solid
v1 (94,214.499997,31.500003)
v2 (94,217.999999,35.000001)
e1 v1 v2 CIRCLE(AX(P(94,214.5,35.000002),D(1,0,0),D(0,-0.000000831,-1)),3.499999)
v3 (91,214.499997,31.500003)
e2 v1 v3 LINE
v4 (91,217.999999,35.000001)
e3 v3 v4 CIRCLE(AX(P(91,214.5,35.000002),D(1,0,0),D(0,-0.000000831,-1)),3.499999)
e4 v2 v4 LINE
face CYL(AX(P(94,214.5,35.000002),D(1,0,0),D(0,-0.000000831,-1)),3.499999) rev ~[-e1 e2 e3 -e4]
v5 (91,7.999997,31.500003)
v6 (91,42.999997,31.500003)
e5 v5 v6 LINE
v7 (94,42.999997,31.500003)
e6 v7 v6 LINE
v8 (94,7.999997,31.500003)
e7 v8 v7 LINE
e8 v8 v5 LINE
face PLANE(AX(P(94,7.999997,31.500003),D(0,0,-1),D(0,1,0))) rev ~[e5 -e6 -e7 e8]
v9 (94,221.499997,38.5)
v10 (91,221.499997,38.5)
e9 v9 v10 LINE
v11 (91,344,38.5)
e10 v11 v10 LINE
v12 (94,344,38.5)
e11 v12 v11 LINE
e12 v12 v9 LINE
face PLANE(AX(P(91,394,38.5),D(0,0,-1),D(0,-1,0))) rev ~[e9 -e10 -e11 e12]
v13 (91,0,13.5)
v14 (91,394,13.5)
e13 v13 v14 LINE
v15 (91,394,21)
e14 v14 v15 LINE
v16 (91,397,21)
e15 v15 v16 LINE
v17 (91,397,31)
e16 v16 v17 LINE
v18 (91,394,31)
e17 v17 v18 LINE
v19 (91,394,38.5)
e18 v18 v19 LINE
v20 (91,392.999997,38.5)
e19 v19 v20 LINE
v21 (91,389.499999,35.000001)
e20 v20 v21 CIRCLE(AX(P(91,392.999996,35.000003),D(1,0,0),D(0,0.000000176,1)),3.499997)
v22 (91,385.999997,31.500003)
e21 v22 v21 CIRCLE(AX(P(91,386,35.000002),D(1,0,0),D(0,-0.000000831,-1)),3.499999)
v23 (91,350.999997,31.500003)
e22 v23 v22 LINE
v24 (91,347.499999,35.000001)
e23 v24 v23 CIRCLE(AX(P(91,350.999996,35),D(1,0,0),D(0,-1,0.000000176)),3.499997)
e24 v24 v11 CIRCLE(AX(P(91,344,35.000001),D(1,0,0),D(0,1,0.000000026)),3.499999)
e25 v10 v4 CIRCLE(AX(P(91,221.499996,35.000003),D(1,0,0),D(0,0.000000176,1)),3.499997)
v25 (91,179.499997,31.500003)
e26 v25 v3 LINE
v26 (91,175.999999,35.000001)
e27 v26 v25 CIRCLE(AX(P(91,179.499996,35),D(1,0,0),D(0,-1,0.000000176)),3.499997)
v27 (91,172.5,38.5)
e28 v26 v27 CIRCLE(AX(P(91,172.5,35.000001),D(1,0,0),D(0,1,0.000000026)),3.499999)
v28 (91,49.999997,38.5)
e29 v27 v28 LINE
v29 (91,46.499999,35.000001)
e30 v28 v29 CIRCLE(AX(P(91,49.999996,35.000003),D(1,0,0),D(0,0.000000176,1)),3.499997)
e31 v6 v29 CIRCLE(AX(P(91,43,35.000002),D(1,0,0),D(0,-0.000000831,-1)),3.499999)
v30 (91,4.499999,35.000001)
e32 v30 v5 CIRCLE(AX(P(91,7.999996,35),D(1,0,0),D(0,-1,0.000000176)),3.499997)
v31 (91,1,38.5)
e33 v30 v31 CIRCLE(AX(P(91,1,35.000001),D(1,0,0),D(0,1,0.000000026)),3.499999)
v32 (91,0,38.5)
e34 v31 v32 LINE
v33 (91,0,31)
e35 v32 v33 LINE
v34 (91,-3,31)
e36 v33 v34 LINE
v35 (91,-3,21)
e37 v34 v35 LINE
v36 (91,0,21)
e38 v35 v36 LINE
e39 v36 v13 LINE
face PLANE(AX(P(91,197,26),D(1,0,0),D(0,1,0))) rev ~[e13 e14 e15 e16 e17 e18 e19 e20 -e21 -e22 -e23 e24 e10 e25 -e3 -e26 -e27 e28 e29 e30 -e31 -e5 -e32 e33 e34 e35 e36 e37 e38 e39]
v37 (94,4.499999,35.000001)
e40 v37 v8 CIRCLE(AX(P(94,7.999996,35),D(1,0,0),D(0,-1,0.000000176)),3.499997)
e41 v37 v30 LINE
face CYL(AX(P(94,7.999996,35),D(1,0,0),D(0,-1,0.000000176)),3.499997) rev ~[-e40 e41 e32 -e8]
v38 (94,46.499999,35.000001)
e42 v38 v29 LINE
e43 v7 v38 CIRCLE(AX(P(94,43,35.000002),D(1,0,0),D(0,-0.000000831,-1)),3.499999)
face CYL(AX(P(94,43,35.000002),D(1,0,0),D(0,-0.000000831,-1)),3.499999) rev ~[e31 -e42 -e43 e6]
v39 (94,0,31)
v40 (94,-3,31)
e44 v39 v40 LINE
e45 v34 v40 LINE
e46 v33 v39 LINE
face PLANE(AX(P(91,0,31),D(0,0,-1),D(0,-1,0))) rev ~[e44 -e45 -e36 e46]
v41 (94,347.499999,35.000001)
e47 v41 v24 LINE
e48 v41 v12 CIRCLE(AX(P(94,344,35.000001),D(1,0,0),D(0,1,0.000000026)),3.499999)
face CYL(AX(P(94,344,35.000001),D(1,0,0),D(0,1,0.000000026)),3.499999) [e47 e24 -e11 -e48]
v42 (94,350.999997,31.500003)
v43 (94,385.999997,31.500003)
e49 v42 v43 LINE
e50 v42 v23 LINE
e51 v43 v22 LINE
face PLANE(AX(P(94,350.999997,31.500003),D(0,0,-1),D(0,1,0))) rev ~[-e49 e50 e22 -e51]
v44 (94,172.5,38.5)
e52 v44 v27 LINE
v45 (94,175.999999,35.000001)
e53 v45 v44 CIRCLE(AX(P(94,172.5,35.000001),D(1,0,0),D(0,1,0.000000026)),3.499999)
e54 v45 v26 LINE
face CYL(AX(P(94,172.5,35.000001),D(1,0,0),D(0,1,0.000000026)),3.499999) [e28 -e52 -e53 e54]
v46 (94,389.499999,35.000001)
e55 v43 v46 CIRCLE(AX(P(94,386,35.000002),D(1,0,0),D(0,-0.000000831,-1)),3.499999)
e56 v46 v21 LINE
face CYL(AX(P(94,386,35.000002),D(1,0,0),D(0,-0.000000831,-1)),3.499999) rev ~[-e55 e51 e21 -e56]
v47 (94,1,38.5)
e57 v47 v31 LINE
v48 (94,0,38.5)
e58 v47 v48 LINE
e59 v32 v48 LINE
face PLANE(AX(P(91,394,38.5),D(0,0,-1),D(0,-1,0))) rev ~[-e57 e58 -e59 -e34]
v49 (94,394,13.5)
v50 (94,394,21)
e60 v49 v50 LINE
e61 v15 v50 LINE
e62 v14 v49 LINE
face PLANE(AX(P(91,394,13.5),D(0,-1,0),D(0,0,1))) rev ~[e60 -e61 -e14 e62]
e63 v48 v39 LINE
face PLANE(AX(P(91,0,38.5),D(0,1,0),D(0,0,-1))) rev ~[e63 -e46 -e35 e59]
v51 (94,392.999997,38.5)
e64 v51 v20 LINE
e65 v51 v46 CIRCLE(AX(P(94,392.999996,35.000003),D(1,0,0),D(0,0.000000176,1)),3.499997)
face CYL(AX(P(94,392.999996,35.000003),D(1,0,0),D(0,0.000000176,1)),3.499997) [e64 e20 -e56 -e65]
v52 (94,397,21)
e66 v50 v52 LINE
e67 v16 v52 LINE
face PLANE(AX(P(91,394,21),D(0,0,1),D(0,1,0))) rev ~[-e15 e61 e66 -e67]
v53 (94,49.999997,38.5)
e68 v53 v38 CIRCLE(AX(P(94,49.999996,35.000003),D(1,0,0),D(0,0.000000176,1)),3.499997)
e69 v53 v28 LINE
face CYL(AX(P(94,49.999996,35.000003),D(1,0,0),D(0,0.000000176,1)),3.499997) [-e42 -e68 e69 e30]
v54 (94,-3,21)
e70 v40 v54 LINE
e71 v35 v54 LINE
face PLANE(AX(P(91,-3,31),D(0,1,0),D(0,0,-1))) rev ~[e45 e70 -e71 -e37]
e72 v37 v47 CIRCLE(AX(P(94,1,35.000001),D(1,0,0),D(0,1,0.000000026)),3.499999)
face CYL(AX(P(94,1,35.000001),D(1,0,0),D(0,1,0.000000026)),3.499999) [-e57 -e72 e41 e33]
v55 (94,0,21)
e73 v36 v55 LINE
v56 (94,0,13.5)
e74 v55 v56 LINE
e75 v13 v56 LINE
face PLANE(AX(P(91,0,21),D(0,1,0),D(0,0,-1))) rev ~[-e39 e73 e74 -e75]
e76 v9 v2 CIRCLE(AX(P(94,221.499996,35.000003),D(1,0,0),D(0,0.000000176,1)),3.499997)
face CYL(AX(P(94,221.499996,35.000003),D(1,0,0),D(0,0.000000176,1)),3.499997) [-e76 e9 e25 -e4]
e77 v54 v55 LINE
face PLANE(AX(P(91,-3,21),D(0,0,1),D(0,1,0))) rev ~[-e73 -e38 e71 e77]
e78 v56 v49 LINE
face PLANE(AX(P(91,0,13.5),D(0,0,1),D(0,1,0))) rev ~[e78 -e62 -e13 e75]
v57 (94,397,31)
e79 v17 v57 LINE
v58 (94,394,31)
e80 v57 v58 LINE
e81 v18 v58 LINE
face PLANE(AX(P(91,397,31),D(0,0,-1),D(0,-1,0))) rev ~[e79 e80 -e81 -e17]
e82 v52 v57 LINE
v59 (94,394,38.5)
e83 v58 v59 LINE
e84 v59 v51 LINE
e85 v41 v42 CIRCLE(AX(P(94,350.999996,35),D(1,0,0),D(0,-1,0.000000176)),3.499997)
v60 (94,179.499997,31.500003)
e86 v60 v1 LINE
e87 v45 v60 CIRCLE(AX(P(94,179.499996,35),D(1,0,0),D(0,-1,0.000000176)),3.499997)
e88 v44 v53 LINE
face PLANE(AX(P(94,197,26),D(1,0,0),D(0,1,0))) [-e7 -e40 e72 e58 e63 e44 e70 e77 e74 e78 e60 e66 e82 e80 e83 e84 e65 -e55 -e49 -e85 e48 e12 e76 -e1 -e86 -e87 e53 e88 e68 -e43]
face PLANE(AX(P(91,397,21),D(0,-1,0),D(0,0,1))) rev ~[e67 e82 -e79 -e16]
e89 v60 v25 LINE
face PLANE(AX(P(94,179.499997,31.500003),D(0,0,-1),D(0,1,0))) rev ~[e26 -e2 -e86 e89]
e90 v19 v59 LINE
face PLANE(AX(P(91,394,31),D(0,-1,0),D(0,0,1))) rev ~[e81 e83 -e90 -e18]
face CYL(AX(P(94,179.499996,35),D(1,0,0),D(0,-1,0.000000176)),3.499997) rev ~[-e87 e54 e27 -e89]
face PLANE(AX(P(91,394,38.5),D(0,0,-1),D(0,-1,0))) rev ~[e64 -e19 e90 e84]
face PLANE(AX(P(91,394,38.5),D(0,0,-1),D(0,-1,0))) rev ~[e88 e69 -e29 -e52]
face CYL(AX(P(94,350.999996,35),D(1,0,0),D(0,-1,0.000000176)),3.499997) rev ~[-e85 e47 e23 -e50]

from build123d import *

# Parameters (mm, degrees)
PAD002_DEPTH        = 3
POCKET_DEPTH        = 3
LINEARPATTERN_COUNT = 3
LINEARPATTERN_PITCH = 171.5


with BuildPart() as part:
    # Sketch002 → Pad002 (new body)
    with BuildSketch(Plane.YZ):
        Polygon((0, -17.5), (394, -17.5), (394, -10), (397, -10), (397, 0), (394, 0), (394, 7.5), (0, 7.5), (0, 0), (-3, 0), (-3, -10), (0, -10), align=None)
    extrude(amount=PAD002_DEPTH)

    # Sketch003 → Pocket (cut)
    with BuildSketch(Plane.YZ.offset(3)):
        with BuildLine():
            ThreePointArc((4.499999, 4.000001), (5.525124, 1.525129), (7.999997, 0.500003))
            Line((7.999997, 0.500003), (42.999997, 0.500003))
            ThreePointArc((42.999997, 0.500003), (45.474872, 1.525128), (46.499999, 4.000001))
            ThreePointArc((49.999997, 7.5), (47.525124, 6.474874), (46.499999, 4.000001))
            Line((1, 7.5), (49.999997, 7.5))
            ThreePointArc((4.499999, 4.000001), (3.474873, 6.474874), (1, 7.5))
        make_face()
    pocket = extrude(amount=-POCKET_DEPTH, mode=Mode.SUBTRACT)

    # LinearPattern: Pocket ×3
    with Locations(*[(0, i * LINEARPATTERN_PITCH, 0) for i in range(1, LINEARPATTERN_COUNT)]):
        add(pocket, mode=Mode.SUBTRACT)


with BuildPart() as part_1:
    # Body002 placement: moved
    add(part.part.moved(Location((91, 0, 31))))


solid = part_1.part
